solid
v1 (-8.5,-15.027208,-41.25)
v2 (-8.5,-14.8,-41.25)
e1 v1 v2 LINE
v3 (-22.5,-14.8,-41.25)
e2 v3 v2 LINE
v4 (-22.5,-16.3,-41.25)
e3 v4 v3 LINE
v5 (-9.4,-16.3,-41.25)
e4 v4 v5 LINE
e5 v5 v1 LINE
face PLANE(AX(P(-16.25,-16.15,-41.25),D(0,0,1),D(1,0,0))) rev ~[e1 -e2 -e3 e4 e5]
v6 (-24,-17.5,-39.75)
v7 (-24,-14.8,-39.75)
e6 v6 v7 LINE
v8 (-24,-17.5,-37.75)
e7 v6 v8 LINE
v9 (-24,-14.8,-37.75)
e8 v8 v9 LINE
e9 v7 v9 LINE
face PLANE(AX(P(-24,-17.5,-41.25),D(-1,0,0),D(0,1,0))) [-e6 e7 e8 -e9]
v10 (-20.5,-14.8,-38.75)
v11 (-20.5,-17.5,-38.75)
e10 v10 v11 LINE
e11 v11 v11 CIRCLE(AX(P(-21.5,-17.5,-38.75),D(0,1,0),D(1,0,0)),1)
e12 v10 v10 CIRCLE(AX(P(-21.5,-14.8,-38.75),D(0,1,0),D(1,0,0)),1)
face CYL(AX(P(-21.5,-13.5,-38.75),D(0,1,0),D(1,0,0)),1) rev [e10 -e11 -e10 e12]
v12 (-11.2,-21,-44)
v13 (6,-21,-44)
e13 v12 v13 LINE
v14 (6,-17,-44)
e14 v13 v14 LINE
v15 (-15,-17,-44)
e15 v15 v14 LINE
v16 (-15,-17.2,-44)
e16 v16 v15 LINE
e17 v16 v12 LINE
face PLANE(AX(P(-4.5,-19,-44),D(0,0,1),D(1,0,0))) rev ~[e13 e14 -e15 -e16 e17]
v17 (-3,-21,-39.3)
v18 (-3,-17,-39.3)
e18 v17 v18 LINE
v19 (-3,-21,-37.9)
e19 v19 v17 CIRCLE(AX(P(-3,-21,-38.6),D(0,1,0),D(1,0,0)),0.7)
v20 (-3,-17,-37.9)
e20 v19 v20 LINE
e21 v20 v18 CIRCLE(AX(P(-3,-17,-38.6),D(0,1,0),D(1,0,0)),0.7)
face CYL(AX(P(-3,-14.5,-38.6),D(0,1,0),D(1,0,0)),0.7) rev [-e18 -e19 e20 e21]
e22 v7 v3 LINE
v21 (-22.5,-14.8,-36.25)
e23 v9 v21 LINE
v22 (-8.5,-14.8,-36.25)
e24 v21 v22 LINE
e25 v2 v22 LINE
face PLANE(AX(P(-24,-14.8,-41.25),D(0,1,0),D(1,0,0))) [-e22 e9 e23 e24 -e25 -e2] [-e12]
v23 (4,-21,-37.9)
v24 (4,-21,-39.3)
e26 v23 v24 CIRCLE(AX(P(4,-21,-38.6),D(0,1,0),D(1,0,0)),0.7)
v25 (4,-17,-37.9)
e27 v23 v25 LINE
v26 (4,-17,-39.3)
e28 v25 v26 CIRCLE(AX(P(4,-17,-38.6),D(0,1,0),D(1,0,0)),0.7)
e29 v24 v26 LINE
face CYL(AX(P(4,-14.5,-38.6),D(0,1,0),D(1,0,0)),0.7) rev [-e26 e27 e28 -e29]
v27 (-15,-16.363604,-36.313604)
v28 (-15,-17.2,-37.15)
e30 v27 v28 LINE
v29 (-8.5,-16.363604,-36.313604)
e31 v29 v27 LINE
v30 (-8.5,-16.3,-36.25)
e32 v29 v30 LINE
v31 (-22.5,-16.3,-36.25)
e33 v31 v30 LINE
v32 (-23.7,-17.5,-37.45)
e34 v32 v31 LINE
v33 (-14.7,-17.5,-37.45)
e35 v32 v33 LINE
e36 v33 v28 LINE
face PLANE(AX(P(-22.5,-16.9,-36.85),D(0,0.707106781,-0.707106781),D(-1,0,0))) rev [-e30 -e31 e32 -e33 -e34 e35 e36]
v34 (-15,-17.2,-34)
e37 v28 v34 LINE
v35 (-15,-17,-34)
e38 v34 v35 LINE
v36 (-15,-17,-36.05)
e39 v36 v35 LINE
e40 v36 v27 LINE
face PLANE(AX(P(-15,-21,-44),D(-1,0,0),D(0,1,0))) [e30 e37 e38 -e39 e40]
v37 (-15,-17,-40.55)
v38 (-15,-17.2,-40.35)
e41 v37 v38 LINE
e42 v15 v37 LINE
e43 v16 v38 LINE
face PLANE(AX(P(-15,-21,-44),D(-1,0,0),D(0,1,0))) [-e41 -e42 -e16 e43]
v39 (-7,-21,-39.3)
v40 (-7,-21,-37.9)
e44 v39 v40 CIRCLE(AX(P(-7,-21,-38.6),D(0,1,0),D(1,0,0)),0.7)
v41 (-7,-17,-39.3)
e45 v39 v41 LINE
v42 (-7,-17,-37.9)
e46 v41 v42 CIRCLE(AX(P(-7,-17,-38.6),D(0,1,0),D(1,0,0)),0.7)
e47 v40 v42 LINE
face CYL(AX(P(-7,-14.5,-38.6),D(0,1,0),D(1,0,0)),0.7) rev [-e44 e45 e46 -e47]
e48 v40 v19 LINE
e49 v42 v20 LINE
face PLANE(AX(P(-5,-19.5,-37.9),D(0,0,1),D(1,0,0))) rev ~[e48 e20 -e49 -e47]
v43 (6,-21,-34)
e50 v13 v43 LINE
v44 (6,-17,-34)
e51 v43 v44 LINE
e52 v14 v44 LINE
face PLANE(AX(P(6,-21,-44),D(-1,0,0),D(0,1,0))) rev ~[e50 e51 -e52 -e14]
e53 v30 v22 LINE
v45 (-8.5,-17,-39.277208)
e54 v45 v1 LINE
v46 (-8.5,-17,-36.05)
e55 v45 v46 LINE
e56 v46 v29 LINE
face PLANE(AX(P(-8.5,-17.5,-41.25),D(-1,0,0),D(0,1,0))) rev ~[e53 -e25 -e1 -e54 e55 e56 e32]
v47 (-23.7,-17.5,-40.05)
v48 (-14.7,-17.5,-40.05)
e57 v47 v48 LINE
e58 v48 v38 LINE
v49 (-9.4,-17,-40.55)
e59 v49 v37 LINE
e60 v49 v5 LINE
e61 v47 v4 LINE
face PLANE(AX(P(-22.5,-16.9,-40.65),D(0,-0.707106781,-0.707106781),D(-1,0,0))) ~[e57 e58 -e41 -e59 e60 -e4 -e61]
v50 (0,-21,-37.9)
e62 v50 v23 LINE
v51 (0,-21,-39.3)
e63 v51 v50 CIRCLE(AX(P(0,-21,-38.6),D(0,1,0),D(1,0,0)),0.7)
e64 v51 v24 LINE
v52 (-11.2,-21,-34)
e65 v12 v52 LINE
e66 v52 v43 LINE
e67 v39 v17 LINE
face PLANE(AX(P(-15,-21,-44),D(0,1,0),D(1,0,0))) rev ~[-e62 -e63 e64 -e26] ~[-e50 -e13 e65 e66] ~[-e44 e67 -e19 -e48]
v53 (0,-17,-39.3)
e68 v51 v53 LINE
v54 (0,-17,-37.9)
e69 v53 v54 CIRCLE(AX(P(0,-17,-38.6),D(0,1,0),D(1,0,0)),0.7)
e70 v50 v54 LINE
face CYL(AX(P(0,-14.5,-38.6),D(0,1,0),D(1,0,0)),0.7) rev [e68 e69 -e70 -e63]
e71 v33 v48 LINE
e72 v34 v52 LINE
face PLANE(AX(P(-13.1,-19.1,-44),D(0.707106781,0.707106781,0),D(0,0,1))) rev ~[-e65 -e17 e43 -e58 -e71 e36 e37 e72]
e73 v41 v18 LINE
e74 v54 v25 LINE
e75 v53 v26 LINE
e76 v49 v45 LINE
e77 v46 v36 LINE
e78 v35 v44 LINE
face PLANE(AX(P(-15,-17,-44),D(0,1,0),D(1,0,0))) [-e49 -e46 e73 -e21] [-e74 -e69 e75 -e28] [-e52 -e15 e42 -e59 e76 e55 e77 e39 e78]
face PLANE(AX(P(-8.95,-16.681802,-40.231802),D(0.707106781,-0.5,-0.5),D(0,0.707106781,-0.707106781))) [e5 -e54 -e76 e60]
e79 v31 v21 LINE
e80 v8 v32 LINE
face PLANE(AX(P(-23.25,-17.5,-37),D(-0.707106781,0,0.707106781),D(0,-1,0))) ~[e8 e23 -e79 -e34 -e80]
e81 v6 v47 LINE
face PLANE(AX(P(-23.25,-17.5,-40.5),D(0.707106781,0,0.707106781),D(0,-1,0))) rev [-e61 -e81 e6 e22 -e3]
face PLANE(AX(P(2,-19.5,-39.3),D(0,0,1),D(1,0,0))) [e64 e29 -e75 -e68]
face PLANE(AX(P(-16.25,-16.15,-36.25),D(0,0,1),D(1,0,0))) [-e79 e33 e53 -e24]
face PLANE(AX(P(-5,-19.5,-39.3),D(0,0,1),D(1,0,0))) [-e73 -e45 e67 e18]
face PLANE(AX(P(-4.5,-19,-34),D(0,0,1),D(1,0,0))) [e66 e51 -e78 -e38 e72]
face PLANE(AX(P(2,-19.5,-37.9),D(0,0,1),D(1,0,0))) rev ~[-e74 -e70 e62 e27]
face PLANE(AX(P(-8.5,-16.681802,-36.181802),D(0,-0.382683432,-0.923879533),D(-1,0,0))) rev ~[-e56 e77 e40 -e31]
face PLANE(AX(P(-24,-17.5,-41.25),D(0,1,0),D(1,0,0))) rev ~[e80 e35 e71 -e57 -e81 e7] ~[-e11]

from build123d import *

# Parameters (mm, degrees)
BOX012_W               = 4
BOX012_H               = 10
BOX012_DEPTH           = 1.4
CYLINDER012_R          = 0.7
CYLINDER012_DEPTH      = 10
CYLINDER012_ROLL_ANGLE = 90
CYLINDER013_R          = 0.7
CYLINDER013_DEPTH      = 10
CYLINDER013_ROLL_ANGLE = 90
BOX011_W               = 21
BOX011_H               = 4
BOX011_DEPTH           = 10
CHAMFER003_SIZE        = 3.8
CYLINDER014_R          = 1
CYLINDER014_DEPTH      = 5
CYLINDER014_ROLL_ANGLE = 90
BOX010_W               = 15.5
BOX010_H               = 2.7
BOX010_DEPTH           = 5
CHAMFER001_SIZE        = 1.5
CHAMFER002_SIZE        = 1.2
CHAMFER004_SIZE        = 0.9


with BuildPart() as cube007:
    # Box012 → Box012 (new body)
    with BuildSketch(Plane(origin=(-7, -24.5, -39.3), x_dir=(1, 0, 0), z_dir=(0, 0, 1))):
        with Locations((2, 5)):
            Rectangle(BOX012_W, BOX012_H)
    extrude(amount=BOX012_DEPTH)


with BuildPart() as cylinder003:
    # Cylinder012 → Cylinder012 (new body)
    with BuildSketch(Plane.XY):
        Circle(CYLINDER012_R)
    extrude(amount=CYLINDER012_DEPTH)


with BuildPart() as cylinder003_1:
    # Cylinder012 roll: moved
    add(cylinder003.part.rotate(Axis((0, 0, 0), (1, 0, 0)), CYLINDER012_ROLL_ANGLE))


with BuildPart() as cylinder003_2:
    # Cylinder012 placement: moved
    add(cylinder003_1.part.moved(Location((-3, -14.5, -38.6))))


with BuildPart() as cylinder004:
    # Cylinder013 → Cylinder013 (new body)
    with BuildSketch(Plane.XY):
        Circle(CYLINDER013_R)
    extrude(amount=CYLINDER013_DEPTH)


with BuildPart() as cylinder004_1:
    # Cylinder013 roll: moved
    add(cylinder004.part.rotate(Axis((0, 0, 0), (1, 0, 0)), CYLINDER013_ROLL_ANGLE))


with BuildPart() as cylinder004_2:
    # Cylinder013 placement: moved
    add(cylinder004_1.part.moved(Location((-7, -14.5, -38.6))))


with BuildPart() as fusion007005:
    # Fusion007005 base: copy of Cylinder004
    add(cylinder004_2.part)

    # Fusion007005: union Cube007, Cylinder003
    add(cube007.part)
    add(cylinder003_2.part)


with BuildPart() as fusion007005_1:
    # Fusion007005 placement: moved
    add(fusion007005.part.moved(Location((7, 0, 0))))


with BuildPart() as fusion007006:
    # Fusion007006 base: copy of Cylinder004
    add(cylinder004_2.part)

    # Fusion007006: union Cube007, Cylinder003
    add(cube007.part)
    add(cylinder003_2.part)


with BuildPart() as chamfer003:
    # Box011 → Box011 (new body)
    with BuildSketch(Plane(origin=(-15, -21, -44), x_dir=(1, 0, 0), z_dir=(0, 0, 1))):
        with Locations((10.5, 2)):
            Rectangle(BOX011_W, BOX011_H)
    extrude(amount=BOX011_DEPTH)

    # Cut007: cut Fusion007006
    add(fusion007006.part, mode=Mode.SUBTRACT)

    # Cut008: cut Fusion007005
    add(fusion007005_1.part, mode=Mode.SUBTRACT)

    # Chamfer003
    chamfer003_edges = [chamfer003.edges().sort_by_distance(p)[0] for p in [
        (-15, -21, -39),
    ]]
    chamfer(chamfer003_edges, length=CHAMFER003_SIZE)


with BuildPart() as cylinder005:
    # Cylinder014 → Cylinder014 (new body)
    with BuildSketch(Plane.XY):
        Circle(CYLINDER014_R)
    extrude(amount=CYLINDER014_DEPTH)


with BuildPart() as cylinder005_1:
    # Cylinder014 roll: moved
    add(cylinder005.part.rotate(Axis((0, 0, 0), (1, 0, 0)), CYLINDER014_ROLL_ANGLE))


with BuildPart() as cylinder005_2:
    # Cylinder014 placement: moved
    add(cylinder005_1.part.moved(Location((-21.5, -13.5, -38.75))))


with BuildPart() as chamfer004:
    # Box010 → Box010 (new body)
    with BuildSketch(Plane(origin=(-24, -17.5, -41.25), x_dir=(1, 0, 0), z_dir=(0, 0, 1))):
        with Locations((7.75, 1.35)):
            Rectangle(BOX010_W, BOX010_H)
    extrude(amount=BOX010_DEPTH)

    # Cut009: cut Cylinder005
    add(cylinder005_2.part, mode=Mode.SUBTRACT)

    # Chamfer001
    chamfer001_edges = [chamfer004.edges().sort_by_distance(p)[0] for p in [
        (-24, -16.15, -36.25),
        (-24, -16.15, -41.25),
    ]]
    chamfer(chamfer001_edges, length=CHAMFER001_SIZE)

    # Chamfer002
    chamfer002_edges = [chamfer004.edges().sort_by_distance(p)[0] for p in [
        (-15.5, -17.5, -41.25),
        (-15.5, -17.5, -36.25),
    ]]
    chamfer(chamfer002_edges, length=CHAMFER002_SIZE)

    # Fusion007007: union Chamfer003
    add(chamfer003.part)

    # Chamfer004
    chamfer004_edges = [chamfer004.edges().sort_by_distance(p)[0] for p in [
        (-11.75, -17, -36.95),
        (-8.5, -16.65, -40.9),
    ]]
    chamfer(chamfer004_edges, length=CHAMFER004_SIZE)


solid = chamfer004.part
